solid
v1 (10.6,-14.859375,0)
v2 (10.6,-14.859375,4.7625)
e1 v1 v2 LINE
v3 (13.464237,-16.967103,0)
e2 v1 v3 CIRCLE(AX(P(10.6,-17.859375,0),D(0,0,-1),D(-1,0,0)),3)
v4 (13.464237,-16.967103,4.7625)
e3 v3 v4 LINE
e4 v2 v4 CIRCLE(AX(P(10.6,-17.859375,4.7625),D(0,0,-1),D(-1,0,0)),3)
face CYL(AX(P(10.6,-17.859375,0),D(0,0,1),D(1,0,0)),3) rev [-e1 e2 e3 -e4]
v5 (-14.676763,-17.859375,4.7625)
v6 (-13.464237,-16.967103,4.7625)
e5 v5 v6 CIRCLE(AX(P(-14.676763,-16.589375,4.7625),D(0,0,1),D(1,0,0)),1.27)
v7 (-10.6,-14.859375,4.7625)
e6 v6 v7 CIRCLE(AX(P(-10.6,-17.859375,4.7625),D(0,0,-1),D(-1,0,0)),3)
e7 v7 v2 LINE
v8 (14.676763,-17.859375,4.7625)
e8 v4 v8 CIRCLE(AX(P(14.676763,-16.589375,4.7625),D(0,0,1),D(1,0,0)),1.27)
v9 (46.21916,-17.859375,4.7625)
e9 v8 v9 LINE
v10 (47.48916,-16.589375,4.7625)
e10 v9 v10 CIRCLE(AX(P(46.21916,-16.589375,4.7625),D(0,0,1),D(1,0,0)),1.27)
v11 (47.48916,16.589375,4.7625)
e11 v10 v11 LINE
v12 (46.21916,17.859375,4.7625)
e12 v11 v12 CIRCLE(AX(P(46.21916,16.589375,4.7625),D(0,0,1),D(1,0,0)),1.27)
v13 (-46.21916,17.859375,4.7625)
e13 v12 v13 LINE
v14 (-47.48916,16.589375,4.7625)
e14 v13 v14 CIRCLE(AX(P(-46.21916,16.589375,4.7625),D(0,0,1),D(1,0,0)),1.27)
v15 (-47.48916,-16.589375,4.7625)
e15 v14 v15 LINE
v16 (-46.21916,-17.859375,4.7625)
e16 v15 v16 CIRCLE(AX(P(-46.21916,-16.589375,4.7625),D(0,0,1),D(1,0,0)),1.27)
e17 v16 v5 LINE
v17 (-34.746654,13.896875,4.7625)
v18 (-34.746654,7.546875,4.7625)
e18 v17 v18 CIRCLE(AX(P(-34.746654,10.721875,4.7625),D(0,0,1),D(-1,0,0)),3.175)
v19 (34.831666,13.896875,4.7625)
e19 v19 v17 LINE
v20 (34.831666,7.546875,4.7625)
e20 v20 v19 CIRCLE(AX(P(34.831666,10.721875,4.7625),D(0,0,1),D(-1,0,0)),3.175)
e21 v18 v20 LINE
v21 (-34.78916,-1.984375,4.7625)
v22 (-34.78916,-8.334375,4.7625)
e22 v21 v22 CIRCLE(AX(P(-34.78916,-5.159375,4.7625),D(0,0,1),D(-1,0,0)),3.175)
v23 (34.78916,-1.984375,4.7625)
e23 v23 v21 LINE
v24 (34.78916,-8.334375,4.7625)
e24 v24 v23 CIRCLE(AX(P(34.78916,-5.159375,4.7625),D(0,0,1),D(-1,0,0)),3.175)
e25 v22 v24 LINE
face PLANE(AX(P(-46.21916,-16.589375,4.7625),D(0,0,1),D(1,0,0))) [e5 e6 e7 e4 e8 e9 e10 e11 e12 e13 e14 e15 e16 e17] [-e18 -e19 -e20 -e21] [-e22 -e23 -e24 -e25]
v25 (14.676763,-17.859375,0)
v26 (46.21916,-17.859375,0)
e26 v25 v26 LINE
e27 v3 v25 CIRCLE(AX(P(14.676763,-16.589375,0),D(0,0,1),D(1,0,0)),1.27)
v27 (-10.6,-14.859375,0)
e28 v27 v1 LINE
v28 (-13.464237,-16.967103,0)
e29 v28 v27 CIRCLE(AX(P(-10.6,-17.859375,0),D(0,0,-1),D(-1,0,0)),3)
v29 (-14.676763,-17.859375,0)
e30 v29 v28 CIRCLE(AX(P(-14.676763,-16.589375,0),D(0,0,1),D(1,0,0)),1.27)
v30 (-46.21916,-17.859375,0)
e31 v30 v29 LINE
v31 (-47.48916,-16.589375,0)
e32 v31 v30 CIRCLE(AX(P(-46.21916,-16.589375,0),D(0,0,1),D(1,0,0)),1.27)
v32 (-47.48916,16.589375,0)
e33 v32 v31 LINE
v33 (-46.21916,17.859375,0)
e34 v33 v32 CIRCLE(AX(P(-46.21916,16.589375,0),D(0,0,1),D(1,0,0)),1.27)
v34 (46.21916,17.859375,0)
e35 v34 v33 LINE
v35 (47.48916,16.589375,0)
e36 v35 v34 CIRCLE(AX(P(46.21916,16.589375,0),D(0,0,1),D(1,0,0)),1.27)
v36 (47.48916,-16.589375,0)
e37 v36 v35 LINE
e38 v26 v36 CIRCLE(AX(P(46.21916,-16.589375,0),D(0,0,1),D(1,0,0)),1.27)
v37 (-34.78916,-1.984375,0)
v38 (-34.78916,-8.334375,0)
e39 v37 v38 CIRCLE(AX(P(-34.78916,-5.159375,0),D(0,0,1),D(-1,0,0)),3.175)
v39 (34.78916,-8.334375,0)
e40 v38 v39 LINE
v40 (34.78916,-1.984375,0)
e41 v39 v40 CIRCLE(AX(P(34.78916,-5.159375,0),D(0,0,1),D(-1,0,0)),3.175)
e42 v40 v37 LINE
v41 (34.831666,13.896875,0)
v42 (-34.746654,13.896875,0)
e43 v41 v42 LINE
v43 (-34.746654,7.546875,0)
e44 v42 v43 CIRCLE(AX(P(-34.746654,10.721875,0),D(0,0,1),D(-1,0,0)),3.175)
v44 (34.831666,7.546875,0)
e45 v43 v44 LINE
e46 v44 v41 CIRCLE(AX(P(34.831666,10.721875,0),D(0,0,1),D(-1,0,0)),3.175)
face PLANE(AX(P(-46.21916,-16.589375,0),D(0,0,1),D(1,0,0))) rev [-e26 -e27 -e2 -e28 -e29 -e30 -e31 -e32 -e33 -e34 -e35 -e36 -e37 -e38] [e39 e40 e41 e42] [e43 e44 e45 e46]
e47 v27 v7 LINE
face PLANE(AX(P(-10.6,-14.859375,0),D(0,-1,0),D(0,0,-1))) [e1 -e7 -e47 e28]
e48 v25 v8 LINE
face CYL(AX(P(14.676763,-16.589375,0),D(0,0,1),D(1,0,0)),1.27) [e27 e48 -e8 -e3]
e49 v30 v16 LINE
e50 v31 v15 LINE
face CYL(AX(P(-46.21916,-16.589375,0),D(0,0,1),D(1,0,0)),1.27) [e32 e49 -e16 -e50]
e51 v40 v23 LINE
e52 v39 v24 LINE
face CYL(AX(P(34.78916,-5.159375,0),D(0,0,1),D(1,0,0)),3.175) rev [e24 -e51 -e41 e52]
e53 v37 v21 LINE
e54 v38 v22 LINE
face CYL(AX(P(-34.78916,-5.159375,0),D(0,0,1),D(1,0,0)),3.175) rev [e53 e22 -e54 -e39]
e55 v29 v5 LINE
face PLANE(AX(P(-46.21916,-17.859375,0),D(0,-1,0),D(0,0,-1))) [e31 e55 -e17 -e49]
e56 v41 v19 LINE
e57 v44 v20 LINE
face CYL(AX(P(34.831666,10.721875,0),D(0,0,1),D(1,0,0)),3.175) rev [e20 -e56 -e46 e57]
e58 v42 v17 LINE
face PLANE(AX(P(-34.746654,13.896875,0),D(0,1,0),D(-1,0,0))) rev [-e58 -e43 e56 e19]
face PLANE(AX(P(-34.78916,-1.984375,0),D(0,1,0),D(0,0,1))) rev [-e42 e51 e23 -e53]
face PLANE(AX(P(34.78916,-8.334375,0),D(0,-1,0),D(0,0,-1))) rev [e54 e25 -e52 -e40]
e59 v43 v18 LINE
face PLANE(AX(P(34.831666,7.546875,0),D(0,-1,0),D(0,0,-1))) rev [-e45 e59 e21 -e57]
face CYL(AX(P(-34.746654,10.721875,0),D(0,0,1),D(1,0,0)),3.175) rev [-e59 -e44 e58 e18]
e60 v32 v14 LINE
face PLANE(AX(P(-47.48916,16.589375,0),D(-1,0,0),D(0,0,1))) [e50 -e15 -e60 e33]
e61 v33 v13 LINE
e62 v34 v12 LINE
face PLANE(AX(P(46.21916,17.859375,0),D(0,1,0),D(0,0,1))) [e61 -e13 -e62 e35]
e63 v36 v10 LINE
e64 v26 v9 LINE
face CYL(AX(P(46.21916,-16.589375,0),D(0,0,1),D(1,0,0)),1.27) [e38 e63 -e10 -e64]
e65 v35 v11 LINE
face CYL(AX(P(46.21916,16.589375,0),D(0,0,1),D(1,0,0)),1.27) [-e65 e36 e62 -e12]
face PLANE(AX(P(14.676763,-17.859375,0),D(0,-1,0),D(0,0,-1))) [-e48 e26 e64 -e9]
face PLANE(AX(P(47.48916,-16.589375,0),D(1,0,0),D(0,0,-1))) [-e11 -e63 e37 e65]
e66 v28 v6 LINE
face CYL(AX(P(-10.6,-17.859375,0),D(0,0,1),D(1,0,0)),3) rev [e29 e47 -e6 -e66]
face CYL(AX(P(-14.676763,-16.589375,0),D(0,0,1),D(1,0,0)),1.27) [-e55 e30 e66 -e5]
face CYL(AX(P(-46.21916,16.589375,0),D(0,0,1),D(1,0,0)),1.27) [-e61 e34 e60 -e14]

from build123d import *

# Parameters (mm, degrees)
BOSS_EXTRUDE1_DEPTH = 4.7625


with BuildPart() as part:
    # Sketch1 → Boss-Extrude1 (new body)
    with BuildSketch(Plane.XY.offset(4.7625)):
        with BuildLine():
            Line((-46.21916, -17.859375), (-14.676763422, -17.859375))
            ThreePointArc((-14.676763422, -17.859375), (-13.924040029, -17.612266731), (-13.464236596, -16.967103337))
            ThreePointArc((-13.464236596, -16.967103337), (-12.378086754, -15.44309532), (-10.6, -14.859375))
            Line((-10.6, -14.859375), (10.6, -14.859375))
            ThreePointArc((10.6, -14.859375), (12.378086754, -15.44309532), (13.464236596, -16.967103337))
            ThreePointArc((13.464236596, -16.967103337), (13.924040029, -17.612266731), (14.676763422, -17.859375))
            Line((14.676763422, -17.859375), (46.21916, -17.859375))
            ThreePointArc((46.21916, -17.859375), (47.117185612, -17.487400612), (47.48916, -16.589375))
            Line((47.48916, -16.589375), (47.48916, 16.589375))
            ThreePointArc((47.48916, 16.589375), (47.117185612, 17.487400612), (46.21916, 17.859375))
            Line((46.21916, 17.859375), (-46.21916, 17.859375))
            ThreePointArc((-46.21916, 17.859375), (-47.117185612, 17.487400612), (-47.48916, 16.589375))
            Line((-47.48916, 16.589375), (-47.48916, -16.589375))
            ThreePointArc((-47.48916, -16.589375), (-47.117185612, -17.487400612), (-46.21916, -17.859375))
        make_face()
        with BuildLine():
            Line((34.78916, -8.334375), (-34.78916, -8.334375))
            ThreePointArc((-34.78916, -8.334375), (-37.96416, -5.159375), (-34.78916, -1.984375))
            Line((-34.78916, -1.984375), (34.78916, -1.984375))
            ThreePointArc((34.78916, -1.984375), (37.96416, -5.159375), (34.78916, -8.334375))
        make_face(mode=Mode.SUBTRACT)
        with BuildLine():
            Line((34.8316655, 7.546875), (-34.7466545, 7.546875))
            ThreePointArc((-34.7466545, 7.546875), (-37.9216545, 10.721875), (-34.7466545, 13.896875))
            Line((-34.7466545, 13.896875), (34.8316655, 13.896875))
            ThreePointArc((34.8316655, 13.896875), (38.0066655, 10.721875), (34.8316655, 7.546875))
        make_face(mode=Mode.SUBTRACT)
    extrude(amount=-BOSS_EXTRUDE1_DEPTH)


solid = part.part
